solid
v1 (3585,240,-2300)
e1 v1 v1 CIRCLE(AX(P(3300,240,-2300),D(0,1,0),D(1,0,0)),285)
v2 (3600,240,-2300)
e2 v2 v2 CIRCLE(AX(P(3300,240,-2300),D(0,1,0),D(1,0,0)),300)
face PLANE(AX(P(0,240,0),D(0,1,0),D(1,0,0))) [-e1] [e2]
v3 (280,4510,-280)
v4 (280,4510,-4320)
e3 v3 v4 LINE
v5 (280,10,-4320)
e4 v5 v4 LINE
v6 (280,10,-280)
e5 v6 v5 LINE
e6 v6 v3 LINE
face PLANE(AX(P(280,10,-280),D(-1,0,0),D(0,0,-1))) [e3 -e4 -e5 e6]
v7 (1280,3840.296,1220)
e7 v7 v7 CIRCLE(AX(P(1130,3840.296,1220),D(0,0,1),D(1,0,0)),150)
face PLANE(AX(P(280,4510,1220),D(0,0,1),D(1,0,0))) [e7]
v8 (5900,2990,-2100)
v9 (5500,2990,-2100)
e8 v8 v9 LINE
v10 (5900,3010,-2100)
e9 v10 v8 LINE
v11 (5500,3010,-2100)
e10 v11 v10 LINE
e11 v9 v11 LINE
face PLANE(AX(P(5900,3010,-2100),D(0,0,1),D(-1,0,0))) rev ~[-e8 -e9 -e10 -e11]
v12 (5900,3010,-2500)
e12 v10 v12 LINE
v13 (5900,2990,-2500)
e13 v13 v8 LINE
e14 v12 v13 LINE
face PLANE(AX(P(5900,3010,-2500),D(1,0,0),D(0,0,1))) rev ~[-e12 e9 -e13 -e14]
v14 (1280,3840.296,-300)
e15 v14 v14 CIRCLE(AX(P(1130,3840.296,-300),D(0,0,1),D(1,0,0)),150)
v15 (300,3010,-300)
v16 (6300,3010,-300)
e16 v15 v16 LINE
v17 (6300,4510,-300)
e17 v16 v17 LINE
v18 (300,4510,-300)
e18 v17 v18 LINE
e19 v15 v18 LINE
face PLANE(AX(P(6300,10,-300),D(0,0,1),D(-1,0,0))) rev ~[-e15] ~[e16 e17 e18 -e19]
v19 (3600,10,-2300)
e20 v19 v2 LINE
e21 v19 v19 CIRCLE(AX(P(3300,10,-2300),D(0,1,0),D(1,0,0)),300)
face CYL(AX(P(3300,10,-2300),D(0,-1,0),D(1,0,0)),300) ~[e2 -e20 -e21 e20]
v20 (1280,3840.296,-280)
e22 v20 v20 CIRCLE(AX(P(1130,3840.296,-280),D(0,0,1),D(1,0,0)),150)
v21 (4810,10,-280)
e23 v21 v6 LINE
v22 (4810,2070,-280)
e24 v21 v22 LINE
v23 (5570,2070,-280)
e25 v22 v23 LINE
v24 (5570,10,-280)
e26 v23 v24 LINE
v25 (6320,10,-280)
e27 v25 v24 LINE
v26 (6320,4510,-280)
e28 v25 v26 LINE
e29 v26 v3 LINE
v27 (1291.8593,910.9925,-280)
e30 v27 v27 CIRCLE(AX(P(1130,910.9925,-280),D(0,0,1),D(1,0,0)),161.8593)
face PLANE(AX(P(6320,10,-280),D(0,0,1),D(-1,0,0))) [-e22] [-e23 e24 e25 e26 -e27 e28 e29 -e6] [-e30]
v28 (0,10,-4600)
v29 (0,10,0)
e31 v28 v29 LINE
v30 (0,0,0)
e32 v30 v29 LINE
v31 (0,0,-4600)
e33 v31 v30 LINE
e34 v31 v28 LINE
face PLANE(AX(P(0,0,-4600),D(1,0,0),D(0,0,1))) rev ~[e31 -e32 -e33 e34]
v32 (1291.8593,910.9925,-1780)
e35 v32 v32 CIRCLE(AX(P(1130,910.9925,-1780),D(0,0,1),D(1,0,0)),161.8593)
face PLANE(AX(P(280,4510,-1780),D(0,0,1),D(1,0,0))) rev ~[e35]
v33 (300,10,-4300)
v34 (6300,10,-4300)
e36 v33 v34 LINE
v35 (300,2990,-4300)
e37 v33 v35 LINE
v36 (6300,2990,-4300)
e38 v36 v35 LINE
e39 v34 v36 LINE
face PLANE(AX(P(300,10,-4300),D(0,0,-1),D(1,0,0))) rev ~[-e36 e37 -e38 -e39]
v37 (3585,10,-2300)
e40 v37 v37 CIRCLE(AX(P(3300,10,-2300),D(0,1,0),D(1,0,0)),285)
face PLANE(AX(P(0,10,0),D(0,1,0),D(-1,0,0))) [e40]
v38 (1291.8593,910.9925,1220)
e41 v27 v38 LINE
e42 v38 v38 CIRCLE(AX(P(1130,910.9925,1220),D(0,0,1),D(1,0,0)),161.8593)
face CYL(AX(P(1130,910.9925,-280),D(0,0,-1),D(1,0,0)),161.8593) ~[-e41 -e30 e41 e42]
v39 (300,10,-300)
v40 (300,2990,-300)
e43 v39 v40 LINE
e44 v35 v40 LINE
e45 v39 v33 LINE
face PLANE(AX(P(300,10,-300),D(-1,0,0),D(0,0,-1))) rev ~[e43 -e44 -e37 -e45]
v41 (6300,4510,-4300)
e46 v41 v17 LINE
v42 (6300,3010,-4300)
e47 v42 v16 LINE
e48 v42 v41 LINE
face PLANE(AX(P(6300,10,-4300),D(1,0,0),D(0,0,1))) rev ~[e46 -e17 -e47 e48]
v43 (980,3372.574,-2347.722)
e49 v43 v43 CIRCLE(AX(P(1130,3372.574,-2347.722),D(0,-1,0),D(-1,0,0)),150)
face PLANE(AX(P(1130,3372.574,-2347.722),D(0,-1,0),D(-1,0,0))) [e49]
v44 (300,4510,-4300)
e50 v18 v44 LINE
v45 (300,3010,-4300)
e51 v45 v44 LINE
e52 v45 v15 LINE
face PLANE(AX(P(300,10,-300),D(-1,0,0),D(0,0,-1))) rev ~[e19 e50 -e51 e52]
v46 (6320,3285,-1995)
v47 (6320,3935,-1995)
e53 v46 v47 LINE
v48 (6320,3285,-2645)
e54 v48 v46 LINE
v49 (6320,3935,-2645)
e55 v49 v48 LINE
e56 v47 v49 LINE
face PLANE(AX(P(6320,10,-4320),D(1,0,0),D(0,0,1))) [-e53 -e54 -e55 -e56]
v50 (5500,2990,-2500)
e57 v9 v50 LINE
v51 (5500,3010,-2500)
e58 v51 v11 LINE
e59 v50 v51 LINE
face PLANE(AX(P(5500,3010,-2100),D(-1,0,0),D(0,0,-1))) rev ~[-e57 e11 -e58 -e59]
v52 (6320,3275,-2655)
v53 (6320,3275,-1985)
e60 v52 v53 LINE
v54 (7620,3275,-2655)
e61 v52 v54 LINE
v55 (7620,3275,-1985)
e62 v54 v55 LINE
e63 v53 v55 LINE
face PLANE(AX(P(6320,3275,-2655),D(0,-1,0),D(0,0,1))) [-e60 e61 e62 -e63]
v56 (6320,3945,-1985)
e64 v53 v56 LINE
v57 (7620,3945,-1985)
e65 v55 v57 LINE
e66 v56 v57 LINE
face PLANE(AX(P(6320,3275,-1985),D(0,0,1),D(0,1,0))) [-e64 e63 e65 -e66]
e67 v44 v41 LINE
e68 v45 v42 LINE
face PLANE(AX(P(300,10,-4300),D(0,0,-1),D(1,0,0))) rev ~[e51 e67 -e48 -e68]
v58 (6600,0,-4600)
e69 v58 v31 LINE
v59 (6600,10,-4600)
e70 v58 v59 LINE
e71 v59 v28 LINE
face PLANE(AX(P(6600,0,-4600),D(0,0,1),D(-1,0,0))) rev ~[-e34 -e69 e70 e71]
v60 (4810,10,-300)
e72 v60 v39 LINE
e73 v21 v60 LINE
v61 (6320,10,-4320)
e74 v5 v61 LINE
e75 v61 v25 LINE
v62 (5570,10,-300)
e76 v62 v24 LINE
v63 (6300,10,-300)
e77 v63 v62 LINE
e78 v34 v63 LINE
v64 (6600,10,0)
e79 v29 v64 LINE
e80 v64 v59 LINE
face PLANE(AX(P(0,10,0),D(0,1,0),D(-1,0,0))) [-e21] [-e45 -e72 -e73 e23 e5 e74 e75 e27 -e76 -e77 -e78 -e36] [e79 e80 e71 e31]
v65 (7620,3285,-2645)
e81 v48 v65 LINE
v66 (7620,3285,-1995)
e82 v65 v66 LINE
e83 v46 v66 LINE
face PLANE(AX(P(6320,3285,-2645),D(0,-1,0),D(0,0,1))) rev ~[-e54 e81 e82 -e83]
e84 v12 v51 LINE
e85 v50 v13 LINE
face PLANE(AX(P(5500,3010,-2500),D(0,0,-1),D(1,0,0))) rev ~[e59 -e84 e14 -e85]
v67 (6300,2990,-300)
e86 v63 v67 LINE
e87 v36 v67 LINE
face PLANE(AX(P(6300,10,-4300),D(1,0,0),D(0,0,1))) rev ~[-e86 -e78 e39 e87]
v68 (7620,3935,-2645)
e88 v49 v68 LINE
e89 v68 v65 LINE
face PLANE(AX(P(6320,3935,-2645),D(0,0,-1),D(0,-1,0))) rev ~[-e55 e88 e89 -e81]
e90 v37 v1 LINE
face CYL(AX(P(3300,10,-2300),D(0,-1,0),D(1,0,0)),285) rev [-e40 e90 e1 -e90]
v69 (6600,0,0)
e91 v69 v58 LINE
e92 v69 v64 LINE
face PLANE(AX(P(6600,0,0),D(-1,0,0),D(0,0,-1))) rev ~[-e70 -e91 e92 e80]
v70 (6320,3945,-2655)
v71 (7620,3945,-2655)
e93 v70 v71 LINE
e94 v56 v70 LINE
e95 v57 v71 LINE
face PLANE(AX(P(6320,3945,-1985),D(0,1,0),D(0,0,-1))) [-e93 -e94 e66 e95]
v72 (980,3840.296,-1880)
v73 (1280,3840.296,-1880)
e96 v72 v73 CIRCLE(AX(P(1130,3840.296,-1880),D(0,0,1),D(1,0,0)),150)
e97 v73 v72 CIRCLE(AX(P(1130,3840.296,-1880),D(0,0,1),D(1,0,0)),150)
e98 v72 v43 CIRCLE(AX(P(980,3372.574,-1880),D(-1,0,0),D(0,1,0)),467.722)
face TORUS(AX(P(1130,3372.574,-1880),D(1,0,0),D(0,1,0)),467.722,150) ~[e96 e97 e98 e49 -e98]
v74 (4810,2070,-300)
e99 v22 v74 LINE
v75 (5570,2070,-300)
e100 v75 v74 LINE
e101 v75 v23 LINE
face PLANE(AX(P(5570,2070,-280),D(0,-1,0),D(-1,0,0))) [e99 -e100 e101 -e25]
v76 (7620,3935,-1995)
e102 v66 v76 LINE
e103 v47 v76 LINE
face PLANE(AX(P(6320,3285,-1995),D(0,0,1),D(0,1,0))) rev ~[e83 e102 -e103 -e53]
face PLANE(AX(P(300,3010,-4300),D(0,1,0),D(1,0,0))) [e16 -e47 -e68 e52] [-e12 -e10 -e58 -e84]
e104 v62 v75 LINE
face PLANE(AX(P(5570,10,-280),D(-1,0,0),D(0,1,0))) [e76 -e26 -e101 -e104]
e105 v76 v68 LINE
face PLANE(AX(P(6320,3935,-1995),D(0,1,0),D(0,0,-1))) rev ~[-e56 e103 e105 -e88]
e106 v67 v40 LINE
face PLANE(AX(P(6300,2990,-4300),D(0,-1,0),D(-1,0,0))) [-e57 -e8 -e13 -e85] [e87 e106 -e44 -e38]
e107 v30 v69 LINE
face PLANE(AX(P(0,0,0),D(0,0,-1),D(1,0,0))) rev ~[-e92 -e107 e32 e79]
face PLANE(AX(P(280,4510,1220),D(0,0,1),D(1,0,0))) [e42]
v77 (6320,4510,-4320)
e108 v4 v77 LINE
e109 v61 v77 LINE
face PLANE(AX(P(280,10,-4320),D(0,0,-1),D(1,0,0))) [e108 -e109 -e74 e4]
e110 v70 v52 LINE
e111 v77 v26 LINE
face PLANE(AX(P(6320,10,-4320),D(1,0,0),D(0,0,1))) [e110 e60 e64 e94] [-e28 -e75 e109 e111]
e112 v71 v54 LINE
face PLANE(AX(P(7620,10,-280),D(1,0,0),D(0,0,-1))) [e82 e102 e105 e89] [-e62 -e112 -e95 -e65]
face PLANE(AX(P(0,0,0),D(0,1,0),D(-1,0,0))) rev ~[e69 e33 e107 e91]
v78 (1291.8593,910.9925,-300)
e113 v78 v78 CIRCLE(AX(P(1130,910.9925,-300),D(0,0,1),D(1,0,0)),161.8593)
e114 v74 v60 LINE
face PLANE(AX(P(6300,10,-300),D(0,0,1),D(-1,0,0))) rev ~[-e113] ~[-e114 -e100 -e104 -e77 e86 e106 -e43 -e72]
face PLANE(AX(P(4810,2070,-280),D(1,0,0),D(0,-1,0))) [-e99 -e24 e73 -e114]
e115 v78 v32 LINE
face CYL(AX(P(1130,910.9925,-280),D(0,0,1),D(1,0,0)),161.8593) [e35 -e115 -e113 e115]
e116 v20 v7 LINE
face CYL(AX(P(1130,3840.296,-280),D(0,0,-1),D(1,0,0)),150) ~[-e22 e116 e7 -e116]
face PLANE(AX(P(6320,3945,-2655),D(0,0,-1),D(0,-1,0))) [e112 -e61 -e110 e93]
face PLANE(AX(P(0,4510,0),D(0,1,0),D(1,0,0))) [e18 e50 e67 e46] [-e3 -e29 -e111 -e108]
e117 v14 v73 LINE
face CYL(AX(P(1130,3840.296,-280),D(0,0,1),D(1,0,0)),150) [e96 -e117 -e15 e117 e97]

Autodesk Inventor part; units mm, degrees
ref_plane "YZ Plane" through (0, 0, 0) normal (1, 0, 0) x (0, 1, 0)
ref_plane "XZ Plane" through (0, 0, 0) normal (0, 1, 0) x (-1, 0, 0)
ref_plane "XY Plane" through (0, 0, 0) normal (0, 0, 1) x (1, 0, 0)
sketch "Sketch1" plane through (0, 0, 0) normal (0, 1, 0) x (-1, 0, 0)
  line L0 (0, 0) -> (-6600, 0)
  line L1 (-6600, 0) -> (-6600, -4600)
  line L2 (-6600, -4600) -> (0, -4600)
  line L3 (0, -4600) -> (0, 0)
  dimension "d0" = 6600
  dimension "d2" = 4600
extrude "Extrusion1" add sketch "Sketch1" along normal blind 10
sketch "Sketch2" plane through (0, 10, 0) normal (0, 1, 0) x (1, 0, 0)
  line L0 (0, 0) -> (6600, 0) projected
  line L1 (6600, 0) -> (6600, 4600) projected
  line L2 (6600, 4600) -> (0, 4600) projected
  line L3 (0, 4600) -> (0, 0) projected
  line L4 (300, 4300) -> (6300, 4300)
  line L5 (6300, 4300) -> (6300, 300)
  line L6 (6300, 300) -> (300, 300)
  line L7 (300, 300) -> (300, 4300)
  line L8 (280, 4320) -> (6320, 4320)
  line L9 (6320, 4320) -> (6320, 280)
  line L10 (6320, 280) -> (280, 280)
  line L11 (280, 280) -> (280, 4320)
  dimension "d5" = 300
  dimension "d6" = 300
  dimension "d7" = 300
  dimension "d8" = 300
  dimension "d9" = 20
  dimension "d10" = 20
  dimension "d11" = 20
  dimension "d12" = 20
extrude "Extrusion2" add sketch "Sketch2" along normal blind 4500 contours L8 L9 L10 L11
sketch "Sketch3" plane through (280, 10, -280) normal (0, 0, 1) x (1, 0, 0)
  line L0 (6040, 0) -> (0, 0) projected
  line L1 (6040, 0) -> (6040, 4500) projected
  line L2 (4530, 0) -> (5290, 0)
  line L3 (5290, 0) -> (5290, 2060)
  line L4 (5290, 2060) -> (4530, 2060)
  line L5 (4530, 2060) -> (4530, 0)
  point P0 (-280, -10)
  dimension "d15" = 750
  dimension "d16" = 760
  dimension "d17" = 2060
extrude "Extrusion3" cut sketch "Sketch3" along normal mid plane 40
sketch "Sketch4" plane through (300, 10, -4300) normal (0, 0, 1) x (1, 0, 0)
  line L0 (6000, 0) -> (0, 0) projected
  line L1 (6000, 0) -> (6000, 4500) projected
  line L2 (0, 4500) -> (6000, 4500) projected
  line L3 (0, 0) -> (0, 4500) projected
  point P0 (-300, -10)
sketch "Sketch5" plane through (300, 10, -4300) normal (0, 0, 1) x (1, 0, 0)
  line L0 (6000, 0) -> (6000, 4500) projected
  line L1 (0, 4500) -> (6000, 4500) projected
  line L2 (0, 0) -> (0, 4500) projected
  line L3 (0, 3000) -> (6000, 3000)
  line L4 (6000, 3000) -> (6000, 2980)
  line L5 (6000, 2980) -> (0, 2980)
  line L6 (0, 2980) -> (0, 3000)
  point P0 (-300, -10)
  dimension "d20" = 1500
  dimension "d21" = 20
extrude "Extrusion4" add sketch "Sketch5" along normal up to next contours L5 L2 L3 L0
sketch "Sketch7" plane through (300, 3010, -4300) normal (0, 1, 0) x (1, 0, 0)
  line L0 (6000, -4000) -> (0, -4000) projected
  line L1 (6000, 0) -> (6000, -4000) projected
  line L2 (5200, -1800) -> (5600, -1800)
  line L3 (5600, -1800) -> (5600, -2200)
  line L4 (5600, -2200) -> (5200, -2200)
  line L5 (5200, -2200) -> (5200, -1800)
  point P0 (-300, -4300)
  dimension "d31" = 400
  dimension "d33" = 400
  dimension "d34" = 1800
  dimension "d35" = 400
extrude "Extrusion6" cut sketch "Sketch7" along normal mid plane 40
sketch "Sketch8" plane through (280, 4510, -280) normal (0, 0, 1) x (1, 0, 0)
  circle A0 centre (850, -669.704) radius 150
  line L0 (0, -4500) -> (0, 0) projected
  point P0 (-280, -4510)
  dimension "d38" = 300
  dimension "d70" = 850
extrude "Extrusion7" add sketch "Sketch8" along normal blind 1500 and the other way blind 1600
sketch "Sketch9" plane through (1130, 3840.296, -1880) normal (0, 0, -1) x (-1, 0, 0)
  circle A0 centre (0, 0) radius 150 projected
  circle A1 centre (0, 0) radius 150
  line L0 (150, -467.722) -> (-150, -467.722)
  point P0 (1130, -3840.296)
  dimension "d44" = 300
revolve "Revolution1" add sketch "Sketch9" angle 90 about axis through (980, 3372.574, -1880) along (-1, 0, 0)
sketch "Sketch10" plane through (6320, 10, -280) normal (1, 0, 0) x (0, 0, -1)
  line L0 (4040, 0) -> (0, 0) projected
  line L1 (4040, 0) -> (4040, 4500) projected
  line L2 (1715, 3925) -> (2365, 3925)
  line L3 (2365, 3925) -> (2365, 3275)
  line L4 (2365, 3275) -> (1715, 3275)
  line L5 (1715, 3275) -> (1715, 3925)
  line L6 (1705, 3935) -> (2375, 3935)
  line L7 (2375, 3935) -> (2375, 3265)
  line L8 (2375, 3265) -> (1705, 3265)
  line L9 (1705, 3265) -> (1705, 3935)
  point P0 (-280, -10)
  dimension "d46" = 650
  dimension "d48" = 650
  dimension "d49" = 3275
  dimension "d50" = 1675
  dimension "d51" = 10
  dimension "d52" = 10
  dimension "d53" = 10
  dimension "d54" = 10
extrude "Extrusion9" add sketch "Sketch10" along normal blind 1300
sketch "Sketch11" plane through (0, 10, 0) normal (0, 1, 0) x (1, 0, 0)
  line L0 (0, 0) -> (6600, 0) projected
  line L1 (0, 4600) -> (0, 0) projected
  circle A0 centre (3300, 2300) radius 285
  circle A1 centre (3300, 2300) radius 300
  dimension "d59" = 570
  dimension "d61" = 2300
  dimension "d62" = 3300
  dimension "d63" = 600
extrude "Extrusion10" add sketch "Sketch11" along normal blind 230
sketch "Sketch12" plane through (280, 4510, -280) normal (0, 0, 1) x (1, 0, 0)
  circle A0 centre (850, -3599.0075) radius 161.8593
  line L0 (0, -4500) -> (0, 0) projected
  point P0 (-280, -4510)
  dimension "d71" = 850
extrude "Extrusion11" add sketch "Sketch12" along normal blind 1500 and the other way blind 1500
properties part number "LLNL_Enclosure_Drawing"
